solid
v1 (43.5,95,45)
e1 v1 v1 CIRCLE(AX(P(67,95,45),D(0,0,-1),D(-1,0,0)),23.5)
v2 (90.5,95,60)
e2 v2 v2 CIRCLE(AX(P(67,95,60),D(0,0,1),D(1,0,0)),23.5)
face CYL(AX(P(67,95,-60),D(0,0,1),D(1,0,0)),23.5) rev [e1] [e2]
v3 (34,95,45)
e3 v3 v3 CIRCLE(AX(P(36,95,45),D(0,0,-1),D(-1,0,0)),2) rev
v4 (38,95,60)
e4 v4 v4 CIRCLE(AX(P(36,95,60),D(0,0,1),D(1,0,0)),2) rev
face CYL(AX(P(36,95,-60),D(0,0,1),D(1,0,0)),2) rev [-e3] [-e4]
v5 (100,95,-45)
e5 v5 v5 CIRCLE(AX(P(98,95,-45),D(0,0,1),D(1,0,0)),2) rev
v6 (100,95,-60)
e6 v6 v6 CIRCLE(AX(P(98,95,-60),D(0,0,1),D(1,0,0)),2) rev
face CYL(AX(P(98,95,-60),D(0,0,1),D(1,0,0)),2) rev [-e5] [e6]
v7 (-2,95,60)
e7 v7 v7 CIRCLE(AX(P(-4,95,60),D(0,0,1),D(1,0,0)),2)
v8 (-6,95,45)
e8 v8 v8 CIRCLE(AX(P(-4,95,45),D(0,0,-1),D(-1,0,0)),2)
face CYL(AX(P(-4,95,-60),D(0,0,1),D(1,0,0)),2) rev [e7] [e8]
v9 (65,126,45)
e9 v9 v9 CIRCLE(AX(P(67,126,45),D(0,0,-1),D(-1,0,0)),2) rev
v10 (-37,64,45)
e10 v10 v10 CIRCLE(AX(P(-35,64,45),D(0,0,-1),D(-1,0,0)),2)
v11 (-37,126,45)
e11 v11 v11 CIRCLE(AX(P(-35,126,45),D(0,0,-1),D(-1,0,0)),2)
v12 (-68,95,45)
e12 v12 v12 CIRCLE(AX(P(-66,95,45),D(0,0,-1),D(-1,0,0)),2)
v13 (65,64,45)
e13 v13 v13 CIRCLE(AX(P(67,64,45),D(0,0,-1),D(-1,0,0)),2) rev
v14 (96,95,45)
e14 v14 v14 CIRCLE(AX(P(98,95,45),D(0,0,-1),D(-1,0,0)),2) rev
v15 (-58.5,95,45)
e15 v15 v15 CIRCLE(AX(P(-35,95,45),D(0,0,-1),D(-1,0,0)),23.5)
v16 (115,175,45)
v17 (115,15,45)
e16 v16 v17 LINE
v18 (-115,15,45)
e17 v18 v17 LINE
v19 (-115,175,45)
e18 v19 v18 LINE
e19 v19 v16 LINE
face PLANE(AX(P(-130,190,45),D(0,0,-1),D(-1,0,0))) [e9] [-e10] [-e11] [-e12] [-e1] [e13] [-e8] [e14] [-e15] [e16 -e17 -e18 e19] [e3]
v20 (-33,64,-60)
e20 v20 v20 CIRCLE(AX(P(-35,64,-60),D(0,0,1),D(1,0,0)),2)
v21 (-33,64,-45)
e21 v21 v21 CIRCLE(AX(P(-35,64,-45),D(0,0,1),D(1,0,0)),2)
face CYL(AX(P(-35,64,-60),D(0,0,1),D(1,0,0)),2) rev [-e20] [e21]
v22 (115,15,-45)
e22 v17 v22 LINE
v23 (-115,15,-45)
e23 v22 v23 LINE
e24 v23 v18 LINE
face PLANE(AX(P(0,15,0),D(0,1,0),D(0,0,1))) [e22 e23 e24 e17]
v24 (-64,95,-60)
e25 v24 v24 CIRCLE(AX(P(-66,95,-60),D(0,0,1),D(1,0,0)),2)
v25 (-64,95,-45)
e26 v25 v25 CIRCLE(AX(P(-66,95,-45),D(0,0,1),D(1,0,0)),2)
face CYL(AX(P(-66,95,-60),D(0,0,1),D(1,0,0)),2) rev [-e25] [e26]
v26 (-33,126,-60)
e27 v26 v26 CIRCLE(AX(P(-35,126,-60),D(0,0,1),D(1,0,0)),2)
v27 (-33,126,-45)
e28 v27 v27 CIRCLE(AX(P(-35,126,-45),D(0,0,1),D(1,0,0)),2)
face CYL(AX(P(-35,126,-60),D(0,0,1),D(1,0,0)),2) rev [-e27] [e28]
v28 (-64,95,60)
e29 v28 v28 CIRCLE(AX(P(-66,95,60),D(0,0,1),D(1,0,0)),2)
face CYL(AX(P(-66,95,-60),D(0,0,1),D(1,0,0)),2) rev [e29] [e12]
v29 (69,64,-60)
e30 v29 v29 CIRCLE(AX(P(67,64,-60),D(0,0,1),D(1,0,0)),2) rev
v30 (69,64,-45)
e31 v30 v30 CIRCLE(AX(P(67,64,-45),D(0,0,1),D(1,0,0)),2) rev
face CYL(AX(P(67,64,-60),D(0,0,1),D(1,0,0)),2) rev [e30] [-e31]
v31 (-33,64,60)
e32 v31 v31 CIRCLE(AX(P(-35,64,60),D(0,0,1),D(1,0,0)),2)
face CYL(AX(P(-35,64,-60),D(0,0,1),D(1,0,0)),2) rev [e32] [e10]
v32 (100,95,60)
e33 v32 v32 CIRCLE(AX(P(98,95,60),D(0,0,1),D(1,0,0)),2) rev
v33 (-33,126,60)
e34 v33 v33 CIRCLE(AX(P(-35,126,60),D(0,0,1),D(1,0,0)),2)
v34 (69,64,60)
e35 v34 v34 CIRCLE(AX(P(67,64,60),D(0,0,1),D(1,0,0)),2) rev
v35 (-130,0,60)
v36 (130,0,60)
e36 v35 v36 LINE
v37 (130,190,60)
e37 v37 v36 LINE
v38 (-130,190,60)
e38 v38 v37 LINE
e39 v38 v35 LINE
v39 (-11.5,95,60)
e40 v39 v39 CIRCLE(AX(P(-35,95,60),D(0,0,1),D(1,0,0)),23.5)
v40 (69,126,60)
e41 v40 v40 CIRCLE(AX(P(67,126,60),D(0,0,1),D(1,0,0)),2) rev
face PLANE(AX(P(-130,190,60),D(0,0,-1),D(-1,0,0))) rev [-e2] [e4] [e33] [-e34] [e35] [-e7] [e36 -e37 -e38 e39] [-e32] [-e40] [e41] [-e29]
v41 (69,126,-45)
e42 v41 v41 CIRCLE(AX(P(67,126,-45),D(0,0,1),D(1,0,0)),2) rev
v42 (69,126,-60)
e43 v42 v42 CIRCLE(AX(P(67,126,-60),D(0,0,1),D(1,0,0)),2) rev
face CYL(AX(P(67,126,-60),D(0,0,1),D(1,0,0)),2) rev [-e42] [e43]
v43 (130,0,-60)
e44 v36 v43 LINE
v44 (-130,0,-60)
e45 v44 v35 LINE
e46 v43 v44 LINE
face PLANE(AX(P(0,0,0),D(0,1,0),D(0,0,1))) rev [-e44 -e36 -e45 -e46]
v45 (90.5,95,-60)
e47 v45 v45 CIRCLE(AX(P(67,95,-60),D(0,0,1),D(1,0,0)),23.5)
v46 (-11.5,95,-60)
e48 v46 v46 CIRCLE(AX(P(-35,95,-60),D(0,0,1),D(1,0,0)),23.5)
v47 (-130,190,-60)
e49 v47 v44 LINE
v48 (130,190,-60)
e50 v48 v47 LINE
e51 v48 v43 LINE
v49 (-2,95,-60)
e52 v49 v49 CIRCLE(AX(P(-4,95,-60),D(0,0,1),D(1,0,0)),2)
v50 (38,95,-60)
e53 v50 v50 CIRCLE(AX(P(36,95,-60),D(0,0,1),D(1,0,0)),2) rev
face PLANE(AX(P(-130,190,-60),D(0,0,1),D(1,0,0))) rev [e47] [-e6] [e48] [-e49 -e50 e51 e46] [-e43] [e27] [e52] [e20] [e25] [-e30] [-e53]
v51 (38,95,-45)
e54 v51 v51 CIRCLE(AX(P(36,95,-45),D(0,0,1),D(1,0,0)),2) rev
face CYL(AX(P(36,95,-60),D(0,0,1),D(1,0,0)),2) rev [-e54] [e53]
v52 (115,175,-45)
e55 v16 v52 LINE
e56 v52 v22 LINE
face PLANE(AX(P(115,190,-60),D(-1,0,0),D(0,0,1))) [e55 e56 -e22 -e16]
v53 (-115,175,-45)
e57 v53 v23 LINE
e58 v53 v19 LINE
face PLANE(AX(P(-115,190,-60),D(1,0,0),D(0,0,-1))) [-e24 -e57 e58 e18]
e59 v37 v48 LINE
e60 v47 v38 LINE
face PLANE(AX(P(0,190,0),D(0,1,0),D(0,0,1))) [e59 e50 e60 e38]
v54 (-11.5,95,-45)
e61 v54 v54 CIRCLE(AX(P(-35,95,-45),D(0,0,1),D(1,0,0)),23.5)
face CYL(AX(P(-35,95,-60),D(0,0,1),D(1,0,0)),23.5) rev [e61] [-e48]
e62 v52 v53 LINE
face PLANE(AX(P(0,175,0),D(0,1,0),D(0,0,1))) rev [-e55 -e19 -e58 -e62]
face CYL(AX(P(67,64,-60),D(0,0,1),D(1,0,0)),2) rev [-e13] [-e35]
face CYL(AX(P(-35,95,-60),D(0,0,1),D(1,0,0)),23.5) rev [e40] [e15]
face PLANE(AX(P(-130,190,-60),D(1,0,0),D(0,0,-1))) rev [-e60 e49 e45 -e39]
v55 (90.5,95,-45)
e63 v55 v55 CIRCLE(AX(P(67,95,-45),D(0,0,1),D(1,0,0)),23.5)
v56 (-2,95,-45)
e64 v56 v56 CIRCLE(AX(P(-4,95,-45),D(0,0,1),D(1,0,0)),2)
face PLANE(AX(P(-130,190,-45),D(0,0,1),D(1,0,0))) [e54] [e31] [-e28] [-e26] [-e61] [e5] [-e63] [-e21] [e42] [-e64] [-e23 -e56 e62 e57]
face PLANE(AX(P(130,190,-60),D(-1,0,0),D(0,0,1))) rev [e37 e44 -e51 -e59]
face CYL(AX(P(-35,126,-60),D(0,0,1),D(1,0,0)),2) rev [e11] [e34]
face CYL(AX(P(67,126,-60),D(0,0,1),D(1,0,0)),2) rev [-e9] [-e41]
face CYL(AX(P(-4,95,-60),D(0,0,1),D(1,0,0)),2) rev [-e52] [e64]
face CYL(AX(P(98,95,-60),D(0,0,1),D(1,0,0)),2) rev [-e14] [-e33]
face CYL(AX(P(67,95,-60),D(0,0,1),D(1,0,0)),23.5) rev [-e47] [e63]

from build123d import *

# Parameters (mm, degrees)
SKETCH1_W           = 260
SKETCH1_H           = 120
BOSS_EXTRUDE1_DEPTH = 190
SHELL1_T            = 15
SKETCH2_R           = 15
CUT_EXTRUDE1_DEPTH  = 260.615099715
SKETCH3_R           = 23.5
CUT_EXTRUDE2_DEPTH  = 260.615099715
SKETCH4_R           = 2
CUT_EXTRUDE3_DEPTH  = 260.615099715


with BuildPart() as part:
    # Sketch1 → Boss-Extrude1 (new body)
    with BuildSketch(Plane(origin=(0, 0, 0), x_dir=(1, 0, 0), z_dir=(0, 1, 0))):
        Rectangle(SKETCH1_W, SKETCH1_H)
    extrude(amount=BOSS_EXTRUDE1_DEPTH)

    # Shell1 (no face opened: a closed hollow body)
    add(offset(amount=-SHELL1_T, mode=Mode.PRIVATE), mode=Mode.SUBTRACT)

    # Sketch2 → Cut-Extrude1 (cut, through all)
    with BuildSketch(Plane.XY.offset(60)):
        with Locations((-35, 95)):
            Circle(SKETCH2_R)
        with Locations((67, 95)):
            Circle(SKETCH2_R)
    extrude(amount=-CUT_EXTRUDE1_DEPTH, mode=Mode.SUBTRACT)

    # Sketch3 → Cut-Extrude2 (cut, through all)
    with BuildSketch(Plane.XY.offset(60)):
        with Locations((-35, 95)):
            Circle(SKETCH3_R)
        with Locations((67, 95)):
            Circle(SKETCH3_R)
    extrude(amount=-CUT_EXTRUDE2_DEPTH, mode=Mode.SUBTRACT)

    # Sketch4 → Cut-Extrude3 (cut, through all)
    with BuildSketch(Plane.XY.offset(60)):
        with Locations((36, 95)):
            Circle(SKETCH4_R)
        with Locations((67, 126)):
            Circle(SKETCH4_R)
        with Locations((98, 95)):
            Circle(SKETCH4_R)
        with Locations((67, 64)):
            Circle(SKETCH4_R)
        with Locations((-4, 95)):
            Circle(SKETCH4_R)
        with Locations((-35, 64)):
            Circle(SKETCH4_R)
        with Locations((-66, 95)):
            Circle(SKETCH4_R)
        with Locations((-35, 126)):
            Circle(SKETCH4_R)
    extrude(amount=-CUT_EXTRUDE3_DEPTH, mode=Mode.SUBTRACT)


solid = part.part
